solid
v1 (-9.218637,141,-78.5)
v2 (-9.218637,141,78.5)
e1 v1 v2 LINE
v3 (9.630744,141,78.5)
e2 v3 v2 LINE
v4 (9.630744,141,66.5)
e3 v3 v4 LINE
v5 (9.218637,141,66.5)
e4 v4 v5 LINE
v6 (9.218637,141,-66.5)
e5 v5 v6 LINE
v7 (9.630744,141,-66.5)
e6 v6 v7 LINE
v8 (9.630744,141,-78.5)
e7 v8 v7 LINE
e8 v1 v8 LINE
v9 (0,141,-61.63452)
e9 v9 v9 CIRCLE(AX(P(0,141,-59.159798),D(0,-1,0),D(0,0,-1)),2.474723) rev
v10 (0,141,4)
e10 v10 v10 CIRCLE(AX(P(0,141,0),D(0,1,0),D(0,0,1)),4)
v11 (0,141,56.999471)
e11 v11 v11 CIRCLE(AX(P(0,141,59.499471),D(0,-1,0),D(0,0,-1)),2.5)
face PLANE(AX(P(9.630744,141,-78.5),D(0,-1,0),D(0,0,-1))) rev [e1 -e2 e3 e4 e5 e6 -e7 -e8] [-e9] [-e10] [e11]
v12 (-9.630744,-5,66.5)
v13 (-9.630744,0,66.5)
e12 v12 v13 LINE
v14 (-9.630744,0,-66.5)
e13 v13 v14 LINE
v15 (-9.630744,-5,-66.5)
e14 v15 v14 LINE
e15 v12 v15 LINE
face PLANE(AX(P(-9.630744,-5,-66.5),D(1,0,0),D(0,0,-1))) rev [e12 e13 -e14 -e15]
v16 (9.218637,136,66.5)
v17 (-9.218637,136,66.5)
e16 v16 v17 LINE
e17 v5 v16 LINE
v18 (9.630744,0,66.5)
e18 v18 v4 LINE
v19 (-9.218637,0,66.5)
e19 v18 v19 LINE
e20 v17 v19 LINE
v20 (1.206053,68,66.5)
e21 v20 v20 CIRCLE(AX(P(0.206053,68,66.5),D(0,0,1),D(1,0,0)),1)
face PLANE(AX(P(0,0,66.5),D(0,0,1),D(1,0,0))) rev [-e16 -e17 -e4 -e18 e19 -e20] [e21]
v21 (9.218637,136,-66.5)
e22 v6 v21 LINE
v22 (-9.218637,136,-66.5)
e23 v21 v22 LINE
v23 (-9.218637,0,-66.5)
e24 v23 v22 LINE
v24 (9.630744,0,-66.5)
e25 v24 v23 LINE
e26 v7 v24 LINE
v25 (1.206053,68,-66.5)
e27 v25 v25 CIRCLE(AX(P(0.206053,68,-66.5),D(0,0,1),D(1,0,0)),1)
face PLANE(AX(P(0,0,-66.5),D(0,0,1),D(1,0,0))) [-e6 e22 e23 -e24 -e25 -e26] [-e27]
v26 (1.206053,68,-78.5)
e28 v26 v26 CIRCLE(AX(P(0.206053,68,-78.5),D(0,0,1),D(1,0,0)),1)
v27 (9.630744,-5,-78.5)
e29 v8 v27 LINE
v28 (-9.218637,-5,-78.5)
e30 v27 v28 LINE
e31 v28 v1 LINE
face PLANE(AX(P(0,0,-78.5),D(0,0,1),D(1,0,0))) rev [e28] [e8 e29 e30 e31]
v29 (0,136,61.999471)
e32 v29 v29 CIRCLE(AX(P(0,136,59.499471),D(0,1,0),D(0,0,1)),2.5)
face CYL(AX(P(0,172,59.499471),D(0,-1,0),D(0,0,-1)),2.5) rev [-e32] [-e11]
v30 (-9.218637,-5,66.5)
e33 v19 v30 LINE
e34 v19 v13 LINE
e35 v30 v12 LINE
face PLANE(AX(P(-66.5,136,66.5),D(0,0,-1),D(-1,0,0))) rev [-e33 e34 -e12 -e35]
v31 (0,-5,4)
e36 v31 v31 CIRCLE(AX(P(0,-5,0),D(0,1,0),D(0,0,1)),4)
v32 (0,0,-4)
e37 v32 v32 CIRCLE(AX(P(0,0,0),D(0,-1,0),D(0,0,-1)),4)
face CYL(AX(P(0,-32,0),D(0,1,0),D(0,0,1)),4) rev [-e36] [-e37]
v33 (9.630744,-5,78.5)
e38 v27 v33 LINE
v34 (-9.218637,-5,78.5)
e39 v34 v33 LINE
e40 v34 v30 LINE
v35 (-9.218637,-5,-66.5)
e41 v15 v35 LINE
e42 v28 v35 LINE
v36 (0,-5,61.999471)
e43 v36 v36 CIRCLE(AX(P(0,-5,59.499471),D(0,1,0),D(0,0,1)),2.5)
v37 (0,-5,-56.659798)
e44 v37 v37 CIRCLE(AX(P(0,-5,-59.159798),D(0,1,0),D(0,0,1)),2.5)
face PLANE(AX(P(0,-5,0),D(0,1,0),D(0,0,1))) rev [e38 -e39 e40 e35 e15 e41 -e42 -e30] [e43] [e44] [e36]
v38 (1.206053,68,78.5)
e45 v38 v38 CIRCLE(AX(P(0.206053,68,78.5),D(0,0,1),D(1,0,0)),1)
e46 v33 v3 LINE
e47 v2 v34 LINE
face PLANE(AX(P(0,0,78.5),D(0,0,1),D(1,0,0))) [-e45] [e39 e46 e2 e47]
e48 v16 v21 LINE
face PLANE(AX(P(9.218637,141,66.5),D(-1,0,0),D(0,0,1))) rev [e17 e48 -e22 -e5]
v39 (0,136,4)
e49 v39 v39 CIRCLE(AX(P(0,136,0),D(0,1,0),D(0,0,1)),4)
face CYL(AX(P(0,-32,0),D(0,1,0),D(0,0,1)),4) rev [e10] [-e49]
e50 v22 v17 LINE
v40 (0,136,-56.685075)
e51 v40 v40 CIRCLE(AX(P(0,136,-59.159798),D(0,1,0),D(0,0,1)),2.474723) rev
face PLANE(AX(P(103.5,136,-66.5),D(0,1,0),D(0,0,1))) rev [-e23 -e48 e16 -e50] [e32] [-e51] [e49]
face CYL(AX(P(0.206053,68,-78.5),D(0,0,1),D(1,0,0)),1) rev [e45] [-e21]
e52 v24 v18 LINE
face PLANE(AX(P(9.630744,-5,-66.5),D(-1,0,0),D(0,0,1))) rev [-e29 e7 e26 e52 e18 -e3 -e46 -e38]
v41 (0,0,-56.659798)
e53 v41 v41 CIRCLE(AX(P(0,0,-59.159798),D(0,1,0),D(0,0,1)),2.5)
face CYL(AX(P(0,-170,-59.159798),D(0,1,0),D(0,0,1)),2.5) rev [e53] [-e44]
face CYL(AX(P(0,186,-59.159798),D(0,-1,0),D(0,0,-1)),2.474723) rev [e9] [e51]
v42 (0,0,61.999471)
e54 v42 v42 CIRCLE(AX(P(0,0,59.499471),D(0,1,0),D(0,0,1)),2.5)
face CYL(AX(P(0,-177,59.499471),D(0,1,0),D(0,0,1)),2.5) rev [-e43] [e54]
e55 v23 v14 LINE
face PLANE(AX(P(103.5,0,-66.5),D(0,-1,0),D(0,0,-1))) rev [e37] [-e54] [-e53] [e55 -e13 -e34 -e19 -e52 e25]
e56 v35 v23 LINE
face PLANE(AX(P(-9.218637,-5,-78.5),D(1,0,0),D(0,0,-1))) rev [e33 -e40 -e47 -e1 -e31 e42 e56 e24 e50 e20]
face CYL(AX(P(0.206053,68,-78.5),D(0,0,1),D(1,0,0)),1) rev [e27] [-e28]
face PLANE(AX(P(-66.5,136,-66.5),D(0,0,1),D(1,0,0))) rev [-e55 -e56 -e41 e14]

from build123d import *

# Parameters (mm, degrees)
SKETCH1_W            = 133
SKETCH1_H            = 133
BOSS_EXTRUDE2_DEPTH  = 136
SKETCH2_W            = 133
SKETCH2_H            = 118
CUT_EXTRUDE1_DEPTH   = 136
BOSS_EXTRUDE3_DEPTH  = 10.5
SKETCH5_W            = 21
SKETCH5_H            = 3
BOSS_EXTRUDE4_DEPTH  = 23.5
SKETCH6_W            = 42
SKETCH6_H            = 17.2
CUT_EXTRUDE2_DEPTH   = 3
BOSS_EXTRUDE5_DEPTH  = 10.5
SKETCH8_W            = 21
SKETCH8_H            = 3
BOSS_EXTRUDE6_DEPTH  = 23.5
SKETCH9_W            = 42
SKETCH9_H            = 17.2
CUT_EXTRUDE3_DEPTH   = 3
SKETCH10_W           = 19.261488562
SKETCH10_H           = 133
BOSS_EXTRUDE7_DEPTH  = 5
SKETCH11_W           = 18.43727499
SKETCH11_H           = 133
BOSS_EXTRUDE8_DEPTH  = 5
SKETCH12_W           = 18.849381776
SKETCH12_H           = 146
BOSS_EXTRUDE9_DEPTH  = 12
SKETCH14_W           = 18.849381776
SKETCH14_H           = 146
BOSS_EXTRUDE10_DEPTH = 12
SKETCH17_R           = 1
CUT_EXTRUDE4_DEPTH   = 222.251553667
SKETCH18_W           = 133
SKETCH18_H           = 136
CUT_EXTRUDE5_DEPTH   = 170
SKETCH20_R           = 2.5
CUT_EXTRUDE6_DEPTH   = 10
SKETCH22_R           = 2.5
CUT_EXTRUDE8_DEPTH   = 170
SKETCH24_R           = 2.5
CUT_EXTRUDE9_DEPTH   = 170
SKETCH26_R           = 2.474722671
CUT_EXTRUDE10_DEPTH  = 177
SKETCH27_R           = 2.5
CUT_EXTRUDE11_DEPTH  = 177
SKETCH29_R           = 2.5
CUT_EXTRUDE12_DEPTH  = 177
SKETCH31_R           = 4
CUT_EXTRUDE13_DEPTH  = 173


with BuildPart() as part:
    # Sketch1 → Boss-Extrude2 (new body)
    with BuildSketch(Plane(origin=(0, 0, 0), x_dir=(1, 0, 0), z_dir=(0, 1, 0))):
        Rectangle(SKETCH1_W, SKETCH1_H)
    extrude(amount=BOSS_EXTRUDE2_DEPTH)

    # Sketch2 → Cut-Extrude1 (cut)
    with BuildSketch(Plane.XY.offset(66.5)):
        with Locations((0, 68)):
            Rectangle(SKETCH2_W, SKETCH2_H)
    extrude(amount=-CUT_EXTRUDE1_DEPTH, mode=Mode.SUBTRACT)


with BuildPart() as cut_extrude1_piece_1:
    # of the separate pieces the step leaves, piece 1, a body of its own (cut_extrude1_pieces)
    add(part.part.solids().sort_by_distance((-66.5, 0, 66.5))[0])

    # Sketch4 → Boss-Extrude3 (add)
    with BuildSketch(Plane(origin=(0, 9, 0), x_dir=(1, 0, 0), z_dir=(0, 1, 0))):
        Polygon((22.75, -22.75), (43.75, -22.75), (46.25, -22.75), (46.25, -20.25), (20.25, -20.25), (20.25, -46.25), (46.25, -46.25), (46.25, -43.75), (43.75, -43.75), (22.75, -43.75), align=None)
        Polygon((22.75, 43.75), (43.75, 43.75), (46.25, 43.75), (46.25, 46.25), (20.25, 46.25), (20.25, 20.25), (46.25, 20.25), (46.25, 22.75), (43.75, 22.75), (22.75, 22.75), align=None)
    extrude(amount=BOSS_EXTRUDE3_DEPTH)

    # Sketch5 → Boss-Extrude4 (add)
    with BuildSketch(Plane(origin=(22.75, 0, 0), x_dir=(0, 0, -1), z_dir=(1, 0, 0))):
        with Locations((-33.25, 18)):
            Rectangle(SKETCH5_W, SKETCH5_H)
        with Locations((33.25, 18)):
            Rectangle(SKETCH5_W, SKETCH5_H)
    extrude(amount=BOSS_EXTRUDE4_DEPTH)

    # Sketch6 → Cut-Extrude2 (cut)
    with BuildSketch(Plane(origin=(0, 19.5, 0), x_dir=(1, 0, 0), z_dir=(0, 1, 0))):
        with Locations((46.25, -33.25)):
            Rectangle(SKETCH6_W, SKETCH6_H)
        with Locations((46.25, 33.25)):
            Rectangle(SKETCH6_W, SKETCH6_H)
    extrude(amount=-CUT_EXTRUDE2_DEPTH, mode=Mode.SUBTRACT)

    # Sketch10 → Boss-Extrude7 (add)
    with BuildSketch(Plane.XZ):
        Rectangle(SKETCH10_W, SKETCH10_H)
    extrude(amount=BOSS_EXTRUDE7_DEPTH)



with BuildPart() as cut_extrude1_piece_2:
    # of the separate pieces the step leaves, piece 2, a body of its own (cut_extrude1_pieces)
    add(part.part.solids().sort_by_distance((66.5, 127, 66.5))[0])

    # Sketch7 → Boss-Extrude5 (add)
    with BuildSketch(Plane.XZ.offset(-127)):
        Polygon((-43.75, 43.75), (-22.75, 43.75), (-22.75, 22.75), (-43.75, 22.75), (-46.25, 22.75), (-46.25, 20.25), (-20.25, 20.25), (-20.25, 46.25), (-46.25, 46.25), (-46.25, 43.75), align=None)
        Polygon((-43.75, -22.75), (-22.75, -22.75), (-22.75, -43.75), (-43.75, -43.75), (-46.25, -43.75), (-46.25, -46.25), (-20.25, -46.25), (-20.25, -20.25), (-46.25, -20.25), (-46.25, -22.75), align=None)
    extrude(amount=BOSS_EXTRUDE5_DEPTH)

    # Sketch8 → Boss-Extrude6 (add)
    with BuildSketch(Plane.ZY.offset(22.75)):
        with Locations((33.25, 118)):
            Rectangle(SKETCH8_W, SKETCH8_H)
        with Locations((-33.25, 118)):
            Rectangle(SKETCH8_W, SKETCH8_H)
    extrude(amount=BOSS_EXTRUDE6_DEPTH)

    # Sketch9 → Cut-Extrude3 (cut)
    with BuildSketch(Plane.XZ.offset(-116.5)):
        with Locations((-46.25, 33.25)):
            Rectangle(SKETCH9_W, SKETCH9_H)
        with Locations((-46.25, -33.25)):
            Rectangle(SKETCH9_W, SKETCH9_H)
    extrude(amount=-CUT_EXTRUDE3_DEPTH, mode=Mode.SUBTRACT)

    # Sketch11 → Boss-Extrude8 (add)
    with BuildSketch(Plane(origin=(0, 136, 0), x_dir=(1, 0, 0), z_dir=(0, 1, 0))):
        Rectangle(SKETCH11_W, SKETCH11_H)
    extrude(amount=BOSS_EXTRUDE8_DEPTH)


with BuildPart() as cut_extrude1_piece_1_1:
    add(cut_extrude1_piece_1.part)

    add(cut_extrude1_piece_2.part)  # Boss-Extrude9 merges Cut-Extrude1 piece 2
    # Sketch12 → Boss-Extrude9 (add)
    with BuildSketch(Plane(origin=(0, 0, -66.5), x_dir=(-1, 0, 0), z_dir=(0, 0, -1))):
        with Locations((-0.206053393, 68)):
            Rectangle(SKETCH12_W, SKETCH12_H)
    extrude(amount=BOSS_EXTRUDE9_DEPTH)

    # Sketch14 → Boss-Extrude10 (add)
    with BuildSketch(Plane.XY.offset(66.5)):
        with Locations((0.206053393, 68)):
            Rectangle(SKETCH14_W, SKETCH14_H)
    extrude(amount=BOSS_EXTRUDE10_DEPTH)

    # Sketch17 → Cut-Extrude4 (cut, through all)
    with BuildSketch(Plane.XY.offset(78.5)):
        with Locations((0.206053393, 68)):
            Circle(SKETCH17_R)
    extrude(amount=-CUT_EXTRUDE4_DEPTH, mode=Mode.SUBTRACT)

    # Sketch18 → Cut-Extrude5 (cut)
    with BuildSketch(Plane.ZY.offset(66.5)):
        with Locations((0, 68)):
            Rectangle(SKETCH18_W, SKETCH18_H)
    extrude(amount=-CUT_EXTRUDE5_DEPTH, mode=Mode.SUBTRACT)

    # Sketch20 → Cut-Extrude6 (cut)
    with BuildSketch(Plane(origin=(0, 0, 0), x_dir=(1, 0, 0), z_dir=(0, 1, 0))):
        with Locations(Location((0, 0, 0), (0, 0, 270))):
            Circle(SKETCH20_R)
    extrude(amount=-CUT_EXTRUDE6_DEPTH, mode=Mode.SUBTRACT)

    # Sketch22 → Cut-Extrude8 (cut)
    with BuildSketch(Plane(origin=(0, 0, 0), x_dir=(1, 0, 0), z_dir=(0, 1, 0))):
        with Locations(Location((0, 0, 0), (0, 0, 270))):
            Circle(SKETCH22_R)
    extrude(amount=CUT_EXTRUDE8_DEPTH, mode=Mode.SUBTRACT)

    # Sketch24 → Cut-Extrude9 (cut)
    with BuildSketch(Plane(origin=(0, 0, 0), x_dir=(1, 0, 0), z_dir=(0, 1, 0))):
        with Locations(Location((0, 59.159797643, 0), (0, 0, 270))):
            Circle(SKETCH24_R)
    extrude(amount=-CUT_EXTRUDE9_DEPTH, mode=Mode.SUBTRACT)

    # Sketch26 → Cut-Extrude10 (cut)
    with BuildSketch(Plane(origin=(0, 9, 0), x_dir=(1, 0, 0), z_dir=(0, 1, 0))):
        with Locations(Location((0, 59.159797643, 0), (0, 0, 90))):
            Circle(SKETCH26_R)
    extrude(amount=CUT_EXTRUDE10_DEPTH, mode=Mode.SUBTRACT)

    # Sketch27 → Cut-Extrude11 (cut)
    with BuildSketch(Plane(origin=(0, 0, 0), x_dir=(1, 0, 0), z_dir=(0, 1, 0))):
        with Locations(Location((0, -59.499471122, 0), (0, 0, 270))):
            Circle(SKETCH27_R)
    extrude(amount=-CUT_EXTRUDE11_DEPTH, mode=Mode.SUBTRACT)

    # Sketch29 → Cut-Extrude12 (cut)
    with BuildSketch(Plane.XZ.offset(5)):
        with Locations(Location((0, 59.499471122, 0), (0, 0, 90))):
            Circle(SKETCH29_R)
    extrude(amount=-CUT_EXTRUDE12_DEPTH, mode=Mode.SUBTRACT)

    # Sketch31 → Cut-Extrude13 (cut)
    with BuildSketch(Plane(origin=(0, 141, 0), x_dir=(1, 0, 0), z_dir=(0, 1, 0))):
        with Locations(Location((0, 0, 0), (0, 0, 270))):
            Circle(SKETCH31_R)
    extrude(amount=-CUT_EXTRUDE13_DEPTH, mode=Mode.SUBTRACT)


solid = cut_extrude1_piece_1_1.part
